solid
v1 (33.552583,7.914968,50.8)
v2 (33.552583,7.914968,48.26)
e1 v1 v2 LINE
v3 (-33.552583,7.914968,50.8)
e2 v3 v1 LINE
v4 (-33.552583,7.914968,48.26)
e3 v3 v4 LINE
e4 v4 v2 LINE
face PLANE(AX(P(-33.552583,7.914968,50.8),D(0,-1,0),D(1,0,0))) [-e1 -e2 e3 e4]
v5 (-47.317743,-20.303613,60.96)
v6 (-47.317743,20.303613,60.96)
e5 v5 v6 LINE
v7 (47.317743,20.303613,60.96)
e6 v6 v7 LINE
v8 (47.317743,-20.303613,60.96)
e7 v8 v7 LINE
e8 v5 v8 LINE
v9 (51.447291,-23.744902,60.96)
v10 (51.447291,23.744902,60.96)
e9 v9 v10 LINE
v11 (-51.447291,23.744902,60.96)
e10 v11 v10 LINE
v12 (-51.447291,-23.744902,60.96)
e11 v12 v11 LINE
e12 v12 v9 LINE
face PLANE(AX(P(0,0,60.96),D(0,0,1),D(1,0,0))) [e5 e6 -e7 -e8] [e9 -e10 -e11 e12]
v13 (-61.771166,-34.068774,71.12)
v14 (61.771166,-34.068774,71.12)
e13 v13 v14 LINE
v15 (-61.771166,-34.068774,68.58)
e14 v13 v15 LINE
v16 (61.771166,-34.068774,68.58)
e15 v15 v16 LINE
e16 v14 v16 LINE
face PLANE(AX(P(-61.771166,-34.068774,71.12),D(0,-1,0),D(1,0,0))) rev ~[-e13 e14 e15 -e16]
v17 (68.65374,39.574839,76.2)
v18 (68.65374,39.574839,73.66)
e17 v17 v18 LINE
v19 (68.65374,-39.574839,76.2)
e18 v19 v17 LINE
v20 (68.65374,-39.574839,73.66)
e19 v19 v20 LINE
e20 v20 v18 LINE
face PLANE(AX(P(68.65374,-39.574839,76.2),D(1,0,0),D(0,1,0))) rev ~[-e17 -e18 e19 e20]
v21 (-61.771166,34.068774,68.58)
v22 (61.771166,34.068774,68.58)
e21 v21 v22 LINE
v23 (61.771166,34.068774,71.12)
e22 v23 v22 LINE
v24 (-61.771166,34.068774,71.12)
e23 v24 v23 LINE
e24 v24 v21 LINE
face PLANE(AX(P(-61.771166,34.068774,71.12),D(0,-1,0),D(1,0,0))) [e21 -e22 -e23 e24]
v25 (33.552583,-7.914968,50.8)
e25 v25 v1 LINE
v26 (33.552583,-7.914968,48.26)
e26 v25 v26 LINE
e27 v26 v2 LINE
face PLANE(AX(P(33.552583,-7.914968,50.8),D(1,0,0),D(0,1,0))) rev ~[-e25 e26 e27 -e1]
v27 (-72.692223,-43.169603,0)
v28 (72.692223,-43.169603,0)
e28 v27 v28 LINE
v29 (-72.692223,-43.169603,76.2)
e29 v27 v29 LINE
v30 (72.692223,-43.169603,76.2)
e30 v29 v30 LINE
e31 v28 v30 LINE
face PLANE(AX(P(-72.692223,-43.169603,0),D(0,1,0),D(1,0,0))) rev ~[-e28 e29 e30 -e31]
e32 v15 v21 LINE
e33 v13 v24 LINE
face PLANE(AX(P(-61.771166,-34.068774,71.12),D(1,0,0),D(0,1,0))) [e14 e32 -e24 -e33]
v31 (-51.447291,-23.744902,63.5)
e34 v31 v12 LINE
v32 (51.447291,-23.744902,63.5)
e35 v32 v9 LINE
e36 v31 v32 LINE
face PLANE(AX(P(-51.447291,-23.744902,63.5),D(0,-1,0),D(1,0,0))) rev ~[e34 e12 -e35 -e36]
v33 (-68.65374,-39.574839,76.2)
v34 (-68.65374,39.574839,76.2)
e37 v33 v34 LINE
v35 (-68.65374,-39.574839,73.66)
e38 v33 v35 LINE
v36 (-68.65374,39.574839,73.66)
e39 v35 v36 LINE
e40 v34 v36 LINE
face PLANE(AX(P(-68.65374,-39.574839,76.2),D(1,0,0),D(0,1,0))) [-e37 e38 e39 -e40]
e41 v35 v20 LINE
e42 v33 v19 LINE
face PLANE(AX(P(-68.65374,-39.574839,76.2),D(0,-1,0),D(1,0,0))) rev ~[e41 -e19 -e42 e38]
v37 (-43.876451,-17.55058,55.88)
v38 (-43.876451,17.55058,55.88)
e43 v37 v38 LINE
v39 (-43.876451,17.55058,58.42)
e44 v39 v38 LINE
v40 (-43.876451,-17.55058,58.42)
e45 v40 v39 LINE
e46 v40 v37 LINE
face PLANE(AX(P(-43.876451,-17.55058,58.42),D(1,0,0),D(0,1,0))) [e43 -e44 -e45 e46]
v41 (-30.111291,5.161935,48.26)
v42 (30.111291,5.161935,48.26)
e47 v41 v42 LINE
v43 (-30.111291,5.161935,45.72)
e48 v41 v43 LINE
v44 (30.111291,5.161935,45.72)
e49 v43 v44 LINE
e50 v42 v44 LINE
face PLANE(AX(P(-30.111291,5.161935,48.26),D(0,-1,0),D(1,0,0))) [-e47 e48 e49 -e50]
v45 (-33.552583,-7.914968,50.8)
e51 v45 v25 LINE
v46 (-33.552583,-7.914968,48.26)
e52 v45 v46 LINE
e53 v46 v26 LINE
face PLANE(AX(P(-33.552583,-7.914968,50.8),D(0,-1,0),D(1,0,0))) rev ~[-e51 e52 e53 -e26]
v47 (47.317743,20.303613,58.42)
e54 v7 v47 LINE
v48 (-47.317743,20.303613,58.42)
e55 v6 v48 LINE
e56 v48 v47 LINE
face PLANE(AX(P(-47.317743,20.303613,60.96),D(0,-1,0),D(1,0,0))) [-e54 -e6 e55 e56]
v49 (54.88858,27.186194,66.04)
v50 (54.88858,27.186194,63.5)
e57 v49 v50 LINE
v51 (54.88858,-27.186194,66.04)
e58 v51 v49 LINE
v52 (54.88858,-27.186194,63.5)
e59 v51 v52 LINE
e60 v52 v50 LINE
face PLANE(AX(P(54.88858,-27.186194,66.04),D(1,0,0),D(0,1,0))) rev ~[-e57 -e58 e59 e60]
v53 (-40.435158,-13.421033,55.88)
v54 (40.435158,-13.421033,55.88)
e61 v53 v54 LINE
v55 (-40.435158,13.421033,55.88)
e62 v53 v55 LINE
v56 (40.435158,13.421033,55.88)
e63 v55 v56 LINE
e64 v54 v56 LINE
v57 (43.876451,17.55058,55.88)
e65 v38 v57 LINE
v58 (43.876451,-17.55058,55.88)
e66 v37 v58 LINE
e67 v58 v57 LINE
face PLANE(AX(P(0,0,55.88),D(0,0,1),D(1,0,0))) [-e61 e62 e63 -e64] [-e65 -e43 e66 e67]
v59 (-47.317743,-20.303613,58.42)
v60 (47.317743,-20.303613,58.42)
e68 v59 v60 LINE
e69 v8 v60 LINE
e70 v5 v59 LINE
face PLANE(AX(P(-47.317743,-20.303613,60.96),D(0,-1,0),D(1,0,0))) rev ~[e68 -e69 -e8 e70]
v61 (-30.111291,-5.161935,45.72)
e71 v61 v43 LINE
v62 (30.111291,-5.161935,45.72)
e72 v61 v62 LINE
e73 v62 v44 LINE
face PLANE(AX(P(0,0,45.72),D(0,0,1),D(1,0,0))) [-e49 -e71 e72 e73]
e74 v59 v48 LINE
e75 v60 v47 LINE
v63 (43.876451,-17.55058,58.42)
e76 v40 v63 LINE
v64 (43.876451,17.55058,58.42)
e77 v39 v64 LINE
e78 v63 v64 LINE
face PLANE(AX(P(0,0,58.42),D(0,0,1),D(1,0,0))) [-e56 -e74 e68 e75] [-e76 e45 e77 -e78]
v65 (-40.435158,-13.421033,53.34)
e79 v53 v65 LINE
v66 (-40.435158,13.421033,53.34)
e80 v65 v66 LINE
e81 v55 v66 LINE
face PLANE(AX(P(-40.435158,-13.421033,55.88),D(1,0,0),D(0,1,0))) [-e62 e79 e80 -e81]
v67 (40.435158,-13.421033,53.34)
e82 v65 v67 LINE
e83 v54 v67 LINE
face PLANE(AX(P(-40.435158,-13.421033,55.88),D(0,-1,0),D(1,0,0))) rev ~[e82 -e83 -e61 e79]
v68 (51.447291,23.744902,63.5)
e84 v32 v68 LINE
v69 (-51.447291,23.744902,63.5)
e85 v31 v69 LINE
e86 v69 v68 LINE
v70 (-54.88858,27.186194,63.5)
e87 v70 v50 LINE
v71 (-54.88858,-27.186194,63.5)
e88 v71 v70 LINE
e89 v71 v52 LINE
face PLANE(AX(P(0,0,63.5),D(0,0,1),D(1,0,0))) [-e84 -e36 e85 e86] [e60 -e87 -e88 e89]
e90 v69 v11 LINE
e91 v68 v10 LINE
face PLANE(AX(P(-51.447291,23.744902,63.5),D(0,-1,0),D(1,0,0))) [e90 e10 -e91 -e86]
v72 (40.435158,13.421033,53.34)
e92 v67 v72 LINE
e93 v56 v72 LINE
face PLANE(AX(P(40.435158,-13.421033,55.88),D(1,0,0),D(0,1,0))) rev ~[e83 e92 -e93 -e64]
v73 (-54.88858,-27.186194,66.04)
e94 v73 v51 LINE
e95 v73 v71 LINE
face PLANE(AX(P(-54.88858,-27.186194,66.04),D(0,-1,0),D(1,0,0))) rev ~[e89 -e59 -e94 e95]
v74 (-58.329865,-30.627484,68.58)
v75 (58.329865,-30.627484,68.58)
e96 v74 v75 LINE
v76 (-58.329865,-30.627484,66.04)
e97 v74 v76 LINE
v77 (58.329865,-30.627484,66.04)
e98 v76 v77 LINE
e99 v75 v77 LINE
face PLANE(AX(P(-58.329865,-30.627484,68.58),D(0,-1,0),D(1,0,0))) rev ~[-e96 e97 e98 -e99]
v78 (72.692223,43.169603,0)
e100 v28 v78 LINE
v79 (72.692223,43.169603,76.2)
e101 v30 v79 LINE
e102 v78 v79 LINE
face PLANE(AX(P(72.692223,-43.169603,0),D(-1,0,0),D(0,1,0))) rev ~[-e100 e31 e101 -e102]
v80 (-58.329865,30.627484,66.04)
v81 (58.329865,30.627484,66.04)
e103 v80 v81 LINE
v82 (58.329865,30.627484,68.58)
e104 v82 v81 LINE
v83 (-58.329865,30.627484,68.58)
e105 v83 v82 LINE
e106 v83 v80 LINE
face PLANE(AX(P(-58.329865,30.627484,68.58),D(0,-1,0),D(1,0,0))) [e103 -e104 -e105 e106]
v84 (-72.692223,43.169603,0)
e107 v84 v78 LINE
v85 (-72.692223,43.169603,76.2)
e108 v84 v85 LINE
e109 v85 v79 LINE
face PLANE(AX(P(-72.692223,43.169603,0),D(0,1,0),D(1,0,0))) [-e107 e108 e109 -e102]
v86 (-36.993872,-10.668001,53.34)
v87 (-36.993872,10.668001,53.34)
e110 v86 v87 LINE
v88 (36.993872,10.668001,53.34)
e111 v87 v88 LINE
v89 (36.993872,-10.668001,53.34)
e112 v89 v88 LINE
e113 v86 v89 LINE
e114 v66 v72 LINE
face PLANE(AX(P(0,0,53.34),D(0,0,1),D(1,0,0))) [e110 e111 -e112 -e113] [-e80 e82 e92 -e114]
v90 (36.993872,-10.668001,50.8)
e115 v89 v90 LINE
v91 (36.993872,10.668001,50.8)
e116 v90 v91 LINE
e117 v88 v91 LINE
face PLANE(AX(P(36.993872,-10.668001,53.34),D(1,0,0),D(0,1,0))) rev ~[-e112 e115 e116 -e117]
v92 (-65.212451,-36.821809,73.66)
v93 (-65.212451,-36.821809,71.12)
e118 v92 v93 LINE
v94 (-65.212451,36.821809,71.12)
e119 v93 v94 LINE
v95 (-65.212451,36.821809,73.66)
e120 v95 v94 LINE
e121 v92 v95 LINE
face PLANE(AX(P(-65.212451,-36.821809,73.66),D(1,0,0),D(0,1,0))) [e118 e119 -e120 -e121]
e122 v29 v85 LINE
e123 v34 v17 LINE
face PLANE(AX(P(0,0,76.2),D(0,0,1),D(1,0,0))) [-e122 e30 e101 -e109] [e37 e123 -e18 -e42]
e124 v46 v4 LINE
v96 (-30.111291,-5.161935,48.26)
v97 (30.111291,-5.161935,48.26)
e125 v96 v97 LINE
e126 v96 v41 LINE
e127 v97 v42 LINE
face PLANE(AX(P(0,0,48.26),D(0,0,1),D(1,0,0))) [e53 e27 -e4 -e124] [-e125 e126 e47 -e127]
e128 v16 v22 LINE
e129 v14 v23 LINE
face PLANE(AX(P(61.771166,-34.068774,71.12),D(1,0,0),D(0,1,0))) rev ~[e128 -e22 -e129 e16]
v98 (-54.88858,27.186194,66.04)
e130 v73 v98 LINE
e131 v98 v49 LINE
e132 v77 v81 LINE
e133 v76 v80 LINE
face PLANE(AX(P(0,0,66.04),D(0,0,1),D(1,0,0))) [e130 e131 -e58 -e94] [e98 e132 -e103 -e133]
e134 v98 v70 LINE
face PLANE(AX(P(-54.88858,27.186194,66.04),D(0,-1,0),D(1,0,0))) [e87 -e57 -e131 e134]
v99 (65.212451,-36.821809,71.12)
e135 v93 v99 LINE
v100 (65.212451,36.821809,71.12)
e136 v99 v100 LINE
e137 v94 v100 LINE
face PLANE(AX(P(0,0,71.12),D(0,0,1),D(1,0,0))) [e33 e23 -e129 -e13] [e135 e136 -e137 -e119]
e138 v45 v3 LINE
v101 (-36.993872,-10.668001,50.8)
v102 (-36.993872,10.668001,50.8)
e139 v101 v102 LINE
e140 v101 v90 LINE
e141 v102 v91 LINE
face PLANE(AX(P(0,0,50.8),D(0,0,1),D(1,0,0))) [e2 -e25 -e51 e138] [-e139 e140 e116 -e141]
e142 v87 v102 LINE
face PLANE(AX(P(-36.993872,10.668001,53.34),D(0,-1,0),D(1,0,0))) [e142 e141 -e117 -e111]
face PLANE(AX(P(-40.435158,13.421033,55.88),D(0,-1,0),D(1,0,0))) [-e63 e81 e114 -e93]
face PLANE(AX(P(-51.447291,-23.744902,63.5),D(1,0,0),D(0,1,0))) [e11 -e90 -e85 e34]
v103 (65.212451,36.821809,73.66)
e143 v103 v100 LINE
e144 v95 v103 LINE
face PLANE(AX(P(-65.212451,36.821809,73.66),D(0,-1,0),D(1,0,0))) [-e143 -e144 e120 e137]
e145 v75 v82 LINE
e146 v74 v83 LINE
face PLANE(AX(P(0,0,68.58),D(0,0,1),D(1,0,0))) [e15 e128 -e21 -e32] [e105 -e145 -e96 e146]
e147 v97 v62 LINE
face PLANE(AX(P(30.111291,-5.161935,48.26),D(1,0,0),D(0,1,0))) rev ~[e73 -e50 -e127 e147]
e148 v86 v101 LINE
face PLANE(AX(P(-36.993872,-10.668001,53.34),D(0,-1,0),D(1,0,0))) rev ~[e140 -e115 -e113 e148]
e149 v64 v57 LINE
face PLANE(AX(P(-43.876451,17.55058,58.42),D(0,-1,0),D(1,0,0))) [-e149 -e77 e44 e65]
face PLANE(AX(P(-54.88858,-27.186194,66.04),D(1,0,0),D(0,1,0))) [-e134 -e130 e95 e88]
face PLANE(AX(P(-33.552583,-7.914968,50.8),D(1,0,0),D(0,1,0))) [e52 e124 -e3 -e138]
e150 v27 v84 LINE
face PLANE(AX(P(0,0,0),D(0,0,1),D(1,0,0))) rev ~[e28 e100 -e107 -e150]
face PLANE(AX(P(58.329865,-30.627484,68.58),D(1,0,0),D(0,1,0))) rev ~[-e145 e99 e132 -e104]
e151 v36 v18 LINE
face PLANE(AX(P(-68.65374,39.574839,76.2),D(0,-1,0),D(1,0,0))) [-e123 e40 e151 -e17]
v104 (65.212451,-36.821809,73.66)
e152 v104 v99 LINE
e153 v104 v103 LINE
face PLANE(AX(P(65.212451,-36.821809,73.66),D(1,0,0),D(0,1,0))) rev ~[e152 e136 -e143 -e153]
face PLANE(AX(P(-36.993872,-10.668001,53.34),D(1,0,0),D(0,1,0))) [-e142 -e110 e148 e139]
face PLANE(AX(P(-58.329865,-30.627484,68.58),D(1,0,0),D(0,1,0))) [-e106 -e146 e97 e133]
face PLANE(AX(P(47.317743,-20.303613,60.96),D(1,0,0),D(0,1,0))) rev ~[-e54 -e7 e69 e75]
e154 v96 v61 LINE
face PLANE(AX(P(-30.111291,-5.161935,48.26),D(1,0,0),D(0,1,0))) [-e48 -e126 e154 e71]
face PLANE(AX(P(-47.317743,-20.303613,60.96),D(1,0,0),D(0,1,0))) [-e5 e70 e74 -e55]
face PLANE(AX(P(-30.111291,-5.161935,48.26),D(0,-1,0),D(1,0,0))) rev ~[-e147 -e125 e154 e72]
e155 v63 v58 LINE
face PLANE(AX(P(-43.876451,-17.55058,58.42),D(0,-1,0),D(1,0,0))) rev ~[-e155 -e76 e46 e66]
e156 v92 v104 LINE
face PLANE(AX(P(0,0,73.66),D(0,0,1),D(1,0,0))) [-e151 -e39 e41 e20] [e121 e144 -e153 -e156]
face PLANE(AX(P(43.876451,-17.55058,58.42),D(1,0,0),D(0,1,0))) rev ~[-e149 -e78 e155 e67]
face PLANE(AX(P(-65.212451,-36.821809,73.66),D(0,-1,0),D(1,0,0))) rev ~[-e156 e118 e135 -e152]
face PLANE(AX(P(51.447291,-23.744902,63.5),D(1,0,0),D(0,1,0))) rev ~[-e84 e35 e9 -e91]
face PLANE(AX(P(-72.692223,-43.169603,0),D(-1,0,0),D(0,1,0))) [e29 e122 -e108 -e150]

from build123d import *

# Parameters (mm, degrees)
F0_W      = 145.384446
F0_H      = 86.339206
F1_DEPTH  = 76.2
F2_W      = 137.30748
F2_H      = 79.149678
F3_DEPTH  = 2.54
F4_W      = 130.424902
F4_H      = 73.643618
F5_DEPTH  = 2.54
F6_W      = 123.542332
F6_H      = 68.137548
F7_DEPTH  = 2.54
F8_W      = 116.65973
F8_H      = 61.254968
F9_DEPTH  = 2.54
F10_W     = 109.77716
F10_H     = 54.372388
F11_DEPTH = 2.54
F12_W     = 102.894582
F12_H     = 47.489804
F13_DEPTH = 2.54
F14_W     = 94.635486
F14_H     = 40.607226
F15_DEPTH = 2.54
F16_W     = 87.752902
F16_H     = 35.10116
F17_DEPTH = 2.54
F18_W     = 80.870316
F18_H     = 26.842066
F19_DEPTH = 2.54
F20_W     = 73.987744
F20_H     = 21.336002
F21_DEPTH = 2.54
F22_W     = 67.105166
F22_H     = 15.829936
F23_DEPTH = 2.54
F24_W     = 60.222582
F24_H     = 10.32387
F25_DEPTH = 2.54


with BuildPart() as f1:
    # F0 (on Top) → F1 (new body)
    with BuildSketch(Plane.XY):
        Rectangle(F0_W, F0_H)
    extrude(amount=F1_DEPTH)

    # F2 (on face) → F3 (cut)
    with BuildSketch(Plane.XY.offset(76.2)):
        Rectangle(F2_W, F2_H)
    extrude(amount=-F3_DEPTH, mode=Mode.SUBTRACT)

    # F4 (on face) → F5 (cut)
    with BuildSketch(Plane.XY.offset(73.66)):
        Rectangle(F4_W, F4_H)
    extrude(amount=-F5_DEPTH, mode=Mode.SUBTRACT)

    # F6 (on face) → F7 (cut)
    with BuildSketch(Plane.XY.offset(71.12)):
        Rectangle(F6_W, F6_H)
    extrude(amount=-F7_DEPTH, mode=Mode.SUBTRACT)

    # F8 (on face) → F9 (cut)
    with BuildSketch(Plane.XY.offset(68.58)):
        Rectangle(F8_W, F8_H)
    extrude(amount=-F9_DEPTH, mode=Mode.SUBTRACT)

    # F10 (on face) → F11 (cut)
    with BuildSketch(Plane.XY.offset(66.04)):
        Rectangle(F10_W, F10_H)
    extrude(amount=-F11_DEPTH, mode=Mode.SUBTRACT)

    # F12 (on face) → F13 (cut)
    with BuildSketch(Plane.XY.offset(63.5)):
        Rectangle(F12_W, F12_H)
    extrude(amount=-F13_DEPTH, mode=Mode.SUBTRACT)

    # F14 (on face) → F15 (cut)
    with BuildSketch(Plane.XY.offset(60.96)):
        Rectangle(F14_W, F14_H)
    extrude(amount=-F15_DEPTH, mode=Mode.SUBTRACT)

    # F16 (on face) → F17 (cut)
    with BuildSketch(Plane.XY.offset(58.42)):
        Rectangle(F16_W, F16_H)
    extrude(amount=-F17_DEPTH, mode=Mode.SUBTRACT)

    # F18 (on face) → F19 (cut)
    with BuildSketch(Plane.XY.offset(55.88)):
        Rectangle(F18_W, F18_H)
    extrude(amount=-F19_DEPTH, mode=Mode.SUBTRACT)

    # F20 (on face) → F21 (cut)
    with BuildSketch(Plane.XY.offset(53.34)):
        Rectangle(F20_W, F20_H)
    extrude(amount=-F21_DEPTH, mode=Mode.SUBTRACT)

    # F22 (on face) → F23 (cut)
    with BuildSketch(Plane.XY.offset(50.8)):
        Rectangle(F22_W, F22_H)
    extrude(amount=-F23_DEPTH, mode=Mode.SUBTRACT)

    # F24 (on face) → F25 (cut)
    with BuildSketch(Plane.XY.offset(48.26)):
        Rectangle(F24_W, F24_H)
    extrude(amount=-F25_DEPTH, mode=Mode.SUBTRACT)


solid = f1.part
